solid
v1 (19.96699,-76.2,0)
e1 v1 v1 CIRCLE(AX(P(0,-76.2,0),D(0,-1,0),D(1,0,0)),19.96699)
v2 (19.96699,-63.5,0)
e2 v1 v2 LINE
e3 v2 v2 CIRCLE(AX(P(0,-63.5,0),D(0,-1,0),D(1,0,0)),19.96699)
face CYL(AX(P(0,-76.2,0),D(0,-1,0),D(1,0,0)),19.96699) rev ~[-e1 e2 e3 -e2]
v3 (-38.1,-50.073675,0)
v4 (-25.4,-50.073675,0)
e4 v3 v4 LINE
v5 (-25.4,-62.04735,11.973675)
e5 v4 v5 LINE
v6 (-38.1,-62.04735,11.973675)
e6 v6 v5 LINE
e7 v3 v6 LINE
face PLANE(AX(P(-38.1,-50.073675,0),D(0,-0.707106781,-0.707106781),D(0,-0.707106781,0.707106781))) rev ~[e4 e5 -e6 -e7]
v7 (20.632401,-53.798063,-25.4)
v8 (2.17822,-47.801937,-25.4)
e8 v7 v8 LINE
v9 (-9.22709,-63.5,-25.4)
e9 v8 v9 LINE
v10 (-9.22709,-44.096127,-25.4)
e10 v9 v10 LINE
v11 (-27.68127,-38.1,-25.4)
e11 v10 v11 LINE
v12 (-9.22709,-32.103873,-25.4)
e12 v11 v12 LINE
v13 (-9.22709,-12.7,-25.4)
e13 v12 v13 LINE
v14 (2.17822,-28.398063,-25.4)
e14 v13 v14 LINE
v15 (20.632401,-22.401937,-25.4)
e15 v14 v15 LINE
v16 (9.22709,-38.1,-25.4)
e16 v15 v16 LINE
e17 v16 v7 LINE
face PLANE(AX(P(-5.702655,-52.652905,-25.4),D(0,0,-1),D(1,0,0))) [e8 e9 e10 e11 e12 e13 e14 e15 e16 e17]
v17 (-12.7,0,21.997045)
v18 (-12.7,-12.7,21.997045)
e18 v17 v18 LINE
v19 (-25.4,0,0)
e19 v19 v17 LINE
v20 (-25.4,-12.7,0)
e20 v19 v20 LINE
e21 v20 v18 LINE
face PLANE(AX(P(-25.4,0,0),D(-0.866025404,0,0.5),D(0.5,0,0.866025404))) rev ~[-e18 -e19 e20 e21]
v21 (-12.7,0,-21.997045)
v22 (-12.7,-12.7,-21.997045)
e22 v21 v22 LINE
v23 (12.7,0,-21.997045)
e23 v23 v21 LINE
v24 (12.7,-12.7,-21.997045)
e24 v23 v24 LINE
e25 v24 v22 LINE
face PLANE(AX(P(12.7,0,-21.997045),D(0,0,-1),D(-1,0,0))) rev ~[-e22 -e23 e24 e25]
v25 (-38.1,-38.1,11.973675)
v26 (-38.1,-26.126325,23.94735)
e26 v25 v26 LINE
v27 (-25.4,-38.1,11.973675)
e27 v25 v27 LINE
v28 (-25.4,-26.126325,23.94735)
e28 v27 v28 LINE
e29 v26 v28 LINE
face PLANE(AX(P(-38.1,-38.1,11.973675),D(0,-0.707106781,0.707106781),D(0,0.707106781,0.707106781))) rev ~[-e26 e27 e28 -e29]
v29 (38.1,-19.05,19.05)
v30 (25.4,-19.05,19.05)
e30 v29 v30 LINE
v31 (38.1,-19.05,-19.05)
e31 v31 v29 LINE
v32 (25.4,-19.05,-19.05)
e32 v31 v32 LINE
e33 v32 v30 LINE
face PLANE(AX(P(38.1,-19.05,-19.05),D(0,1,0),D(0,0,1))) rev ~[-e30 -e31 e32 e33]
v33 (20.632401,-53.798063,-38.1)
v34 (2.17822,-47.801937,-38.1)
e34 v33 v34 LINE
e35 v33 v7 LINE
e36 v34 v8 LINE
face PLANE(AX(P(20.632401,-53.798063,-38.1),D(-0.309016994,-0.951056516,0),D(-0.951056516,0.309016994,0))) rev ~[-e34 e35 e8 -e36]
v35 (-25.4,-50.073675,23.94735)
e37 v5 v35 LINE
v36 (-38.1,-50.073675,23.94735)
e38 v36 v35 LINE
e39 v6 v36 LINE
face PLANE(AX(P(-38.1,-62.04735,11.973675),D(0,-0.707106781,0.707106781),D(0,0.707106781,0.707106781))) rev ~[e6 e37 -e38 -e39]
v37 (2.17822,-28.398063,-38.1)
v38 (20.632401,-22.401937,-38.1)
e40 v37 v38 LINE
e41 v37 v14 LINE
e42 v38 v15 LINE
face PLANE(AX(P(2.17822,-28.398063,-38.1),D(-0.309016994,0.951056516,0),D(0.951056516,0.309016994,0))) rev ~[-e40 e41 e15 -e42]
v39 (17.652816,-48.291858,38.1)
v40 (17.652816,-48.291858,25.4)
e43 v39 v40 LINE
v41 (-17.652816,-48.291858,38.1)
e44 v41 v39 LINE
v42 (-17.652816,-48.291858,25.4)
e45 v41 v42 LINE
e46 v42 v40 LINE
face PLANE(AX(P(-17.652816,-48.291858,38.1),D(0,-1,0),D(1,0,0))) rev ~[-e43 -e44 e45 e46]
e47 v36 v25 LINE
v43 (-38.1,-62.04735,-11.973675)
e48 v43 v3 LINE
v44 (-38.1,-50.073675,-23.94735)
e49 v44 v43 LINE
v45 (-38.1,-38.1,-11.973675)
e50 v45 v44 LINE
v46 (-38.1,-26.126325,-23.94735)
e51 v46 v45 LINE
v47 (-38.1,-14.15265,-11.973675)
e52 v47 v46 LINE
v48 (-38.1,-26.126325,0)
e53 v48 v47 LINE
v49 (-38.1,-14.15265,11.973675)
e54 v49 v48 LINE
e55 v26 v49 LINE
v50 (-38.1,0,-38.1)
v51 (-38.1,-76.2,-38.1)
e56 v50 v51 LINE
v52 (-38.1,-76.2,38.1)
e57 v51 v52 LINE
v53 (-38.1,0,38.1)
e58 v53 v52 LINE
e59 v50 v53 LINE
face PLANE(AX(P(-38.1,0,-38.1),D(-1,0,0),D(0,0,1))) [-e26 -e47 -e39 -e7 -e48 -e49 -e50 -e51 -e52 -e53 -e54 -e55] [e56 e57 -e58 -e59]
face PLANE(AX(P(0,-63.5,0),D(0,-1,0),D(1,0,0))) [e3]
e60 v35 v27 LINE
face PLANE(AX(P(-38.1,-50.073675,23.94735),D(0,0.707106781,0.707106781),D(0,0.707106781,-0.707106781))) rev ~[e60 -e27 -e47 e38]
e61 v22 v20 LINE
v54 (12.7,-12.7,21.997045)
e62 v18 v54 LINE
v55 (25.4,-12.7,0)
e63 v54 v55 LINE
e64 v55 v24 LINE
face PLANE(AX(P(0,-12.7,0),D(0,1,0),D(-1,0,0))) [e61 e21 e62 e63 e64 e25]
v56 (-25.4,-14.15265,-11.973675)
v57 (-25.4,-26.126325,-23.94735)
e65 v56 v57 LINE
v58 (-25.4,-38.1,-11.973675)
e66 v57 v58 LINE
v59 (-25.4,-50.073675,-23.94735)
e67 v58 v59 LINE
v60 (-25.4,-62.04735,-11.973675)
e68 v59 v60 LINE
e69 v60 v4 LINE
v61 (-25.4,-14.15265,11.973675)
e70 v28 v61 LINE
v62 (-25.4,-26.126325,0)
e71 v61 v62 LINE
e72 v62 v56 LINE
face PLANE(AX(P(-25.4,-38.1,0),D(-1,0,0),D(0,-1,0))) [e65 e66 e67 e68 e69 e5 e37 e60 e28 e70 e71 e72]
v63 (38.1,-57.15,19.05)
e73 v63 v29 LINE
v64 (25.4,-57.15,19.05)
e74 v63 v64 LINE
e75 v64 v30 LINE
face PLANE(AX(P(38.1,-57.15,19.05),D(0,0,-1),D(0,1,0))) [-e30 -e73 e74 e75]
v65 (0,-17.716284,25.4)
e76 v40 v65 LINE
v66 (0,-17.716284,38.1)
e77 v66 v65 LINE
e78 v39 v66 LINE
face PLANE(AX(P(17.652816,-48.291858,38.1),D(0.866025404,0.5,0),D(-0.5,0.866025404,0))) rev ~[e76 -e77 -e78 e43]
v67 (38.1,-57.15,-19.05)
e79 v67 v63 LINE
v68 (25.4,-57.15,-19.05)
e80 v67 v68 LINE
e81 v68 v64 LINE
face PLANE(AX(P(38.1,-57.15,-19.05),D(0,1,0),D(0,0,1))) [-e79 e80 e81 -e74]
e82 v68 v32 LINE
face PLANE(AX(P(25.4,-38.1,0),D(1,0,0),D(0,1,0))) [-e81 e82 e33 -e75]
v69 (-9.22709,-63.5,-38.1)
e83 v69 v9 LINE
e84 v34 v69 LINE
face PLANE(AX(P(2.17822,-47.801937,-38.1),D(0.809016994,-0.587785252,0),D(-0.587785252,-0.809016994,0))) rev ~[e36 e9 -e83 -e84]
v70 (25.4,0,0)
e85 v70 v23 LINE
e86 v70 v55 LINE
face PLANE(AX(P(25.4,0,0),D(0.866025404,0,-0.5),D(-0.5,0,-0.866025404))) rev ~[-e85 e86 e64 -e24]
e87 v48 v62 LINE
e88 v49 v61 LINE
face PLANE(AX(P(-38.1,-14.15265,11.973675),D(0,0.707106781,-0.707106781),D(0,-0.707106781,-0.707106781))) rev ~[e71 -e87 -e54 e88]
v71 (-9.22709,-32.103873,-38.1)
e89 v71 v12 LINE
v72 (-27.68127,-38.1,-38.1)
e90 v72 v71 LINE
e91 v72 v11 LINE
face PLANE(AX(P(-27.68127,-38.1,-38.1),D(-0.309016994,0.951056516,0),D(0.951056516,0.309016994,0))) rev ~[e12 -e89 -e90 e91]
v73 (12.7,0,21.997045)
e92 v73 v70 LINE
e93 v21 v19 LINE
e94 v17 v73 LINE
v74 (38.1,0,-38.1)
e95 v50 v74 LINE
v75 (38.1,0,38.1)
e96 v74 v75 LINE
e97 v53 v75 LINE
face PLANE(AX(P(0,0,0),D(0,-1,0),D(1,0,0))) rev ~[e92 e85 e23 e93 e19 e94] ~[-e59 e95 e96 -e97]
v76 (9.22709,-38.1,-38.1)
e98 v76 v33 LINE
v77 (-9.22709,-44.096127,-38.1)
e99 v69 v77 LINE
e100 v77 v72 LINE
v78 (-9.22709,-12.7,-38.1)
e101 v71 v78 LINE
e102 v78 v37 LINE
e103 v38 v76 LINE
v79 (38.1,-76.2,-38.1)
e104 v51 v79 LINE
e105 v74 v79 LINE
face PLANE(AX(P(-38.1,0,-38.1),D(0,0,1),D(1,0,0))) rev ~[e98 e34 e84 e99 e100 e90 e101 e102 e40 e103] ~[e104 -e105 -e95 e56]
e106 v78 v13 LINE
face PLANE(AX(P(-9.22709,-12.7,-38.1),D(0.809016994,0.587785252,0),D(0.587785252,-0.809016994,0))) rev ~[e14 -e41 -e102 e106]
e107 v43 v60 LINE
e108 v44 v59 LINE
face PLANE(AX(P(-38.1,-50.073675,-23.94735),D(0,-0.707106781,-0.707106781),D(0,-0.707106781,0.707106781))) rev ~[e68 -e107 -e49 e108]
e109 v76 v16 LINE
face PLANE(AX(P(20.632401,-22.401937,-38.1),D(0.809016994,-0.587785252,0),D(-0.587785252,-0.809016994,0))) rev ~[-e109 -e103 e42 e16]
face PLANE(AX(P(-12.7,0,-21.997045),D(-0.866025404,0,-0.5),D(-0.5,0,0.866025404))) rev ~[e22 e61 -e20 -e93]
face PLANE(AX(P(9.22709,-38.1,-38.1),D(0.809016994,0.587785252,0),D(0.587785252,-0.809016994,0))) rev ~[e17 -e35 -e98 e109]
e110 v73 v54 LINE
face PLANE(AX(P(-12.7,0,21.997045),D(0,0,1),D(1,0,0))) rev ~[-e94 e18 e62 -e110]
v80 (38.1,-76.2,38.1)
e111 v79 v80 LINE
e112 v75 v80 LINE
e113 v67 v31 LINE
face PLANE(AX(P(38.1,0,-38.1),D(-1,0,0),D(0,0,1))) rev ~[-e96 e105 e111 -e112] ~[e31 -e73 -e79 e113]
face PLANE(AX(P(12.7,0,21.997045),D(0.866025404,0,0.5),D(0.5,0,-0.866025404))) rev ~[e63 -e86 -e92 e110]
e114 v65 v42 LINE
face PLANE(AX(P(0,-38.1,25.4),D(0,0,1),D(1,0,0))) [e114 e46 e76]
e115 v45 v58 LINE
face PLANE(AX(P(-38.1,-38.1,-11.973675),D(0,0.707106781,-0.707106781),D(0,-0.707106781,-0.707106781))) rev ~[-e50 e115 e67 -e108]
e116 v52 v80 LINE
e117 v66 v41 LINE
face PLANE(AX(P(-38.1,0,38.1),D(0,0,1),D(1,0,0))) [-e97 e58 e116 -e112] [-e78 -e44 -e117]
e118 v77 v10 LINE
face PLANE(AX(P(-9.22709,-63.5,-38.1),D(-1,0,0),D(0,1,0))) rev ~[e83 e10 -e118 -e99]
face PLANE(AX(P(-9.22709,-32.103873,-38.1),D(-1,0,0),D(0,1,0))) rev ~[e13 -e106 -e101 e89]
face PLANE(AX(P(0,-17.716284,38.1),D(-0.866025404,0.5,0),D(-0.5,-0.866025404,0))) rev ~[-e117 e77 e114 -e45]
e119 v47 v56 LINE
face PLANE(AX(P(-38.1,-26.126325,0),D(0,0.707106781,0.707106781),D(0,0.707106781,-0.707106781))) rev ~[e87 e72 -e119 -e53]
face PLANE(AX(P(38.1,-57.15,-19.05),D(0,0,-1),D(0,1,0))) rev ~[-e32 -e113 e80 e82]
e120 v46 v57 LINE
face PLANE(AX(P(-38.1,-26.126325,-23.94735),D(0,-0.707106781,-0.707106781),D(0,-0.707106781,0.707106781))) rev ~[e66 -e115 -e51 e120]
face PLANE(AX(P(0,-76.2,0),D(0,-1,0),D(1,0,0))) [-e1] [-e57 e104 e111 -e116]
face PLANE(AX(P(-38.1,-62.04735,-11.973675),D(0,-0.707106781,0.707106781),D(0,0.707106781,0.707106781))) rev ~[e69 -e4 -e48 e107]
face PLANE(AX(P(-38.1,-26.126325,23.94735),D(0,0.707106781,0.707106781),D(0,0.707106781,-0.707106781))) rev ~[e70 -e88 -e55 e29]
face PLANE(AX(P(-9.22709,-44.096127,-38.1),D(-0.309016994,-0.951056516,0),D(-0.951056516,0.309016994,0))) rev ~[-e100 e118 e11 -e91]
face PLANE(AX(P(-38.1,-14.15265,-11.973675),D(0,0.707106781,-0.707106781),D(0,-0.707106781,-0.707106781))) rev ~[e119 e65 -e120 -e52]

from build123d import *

# Parameters (mm, degrees)
F0_W      = 76.2
F0_H      = 76.2
F1_DEPTH  = 76.2
F2_R      = 19.9669900024
F3_DEPTH  = 12.7
F5_DEPTH  = 12.7
F6_W      = 38.1
F6_H      = 38.1
F7_DEPTH  = 12.7
F9_DEPTH  = 12.7
F11_DEPTH = 12.7
F13_DEPTH = 12.7


with BuildPart() as f1:
    # F0 (on Front) → F1 (new body)
    with BuildSketch(Plane.XZ):
        Rectangle(F0_W, F0_H)
    extrude(amount=F1_DEPTH)

    # F2 (on face) → F3 (cut)
    with BuildSketch(Plane.XZ.offset(76.2)):
        Circle(F2_R)
    extrude(amount=-F3_DEPTH, mode=Mode.SUBTRACT)

    # F4 (on face) → F5 (cut)
    with BuildSketch(Plane.XY.offset(38.1)):
        Polygon((17.6528156414, -48.2918578625), (0, -17.716284275), (-17.6528156414, -48.2918578625), align=None)
    extrude(amount=-F5_DEPTH, mode=Mode.SUBTRACT)

    # F6 (on face) → F7 (cut)
    with BuildSketch(Plane.YZ.offset(38.1)):
        with Locations((-38.1, 0)):
            Rectangle(F6_W, F6_H)
    extrude(amount=-F7_DEPTH, mode=Mode.SUBTRACT)

    # F8 (on face) → F9 (cut)
    with BuildSketch(Plane(origin=(-38.1, 0, 0), x_dir=(0, -1, 0), z_dir=(-1, 0, 0))):
        Polygon((38.1, -11.9736748281), (50.0736748281, -23.9473496562), (62.0473496562, -11.9736748281), (50.0736748281, 0), (62.0473496562, 11.9736748281), (50.0736748281, 23.9473496562), (38.1, 11.9736748281), (26.1263251719, 23.9473496562), (14.1526503438, 11.9736748281), (26.1263251719, 0), (14.1526503438, -11.9736748281), (26.1263251719, -23.9473496562), align=None)
    extrude(amount=-F9_DEPTH, mode=Mode.SUBTRACT)

    # F10 (on face) → F11 (cut)
    with BuildSketch(Plane(origin=(0, 0, 0), x_dir=(-1, 0, 0), z_dir=(0, 1, 0))):
        Polygon((-12.7, 21.9970452561), (-25.4, 0), (-12.7, -21.9970452561), (12.7, -21.9970452561), (25.4, 0), (12.7, 21.9970452561), align=None)
    extrude(amount=-F11_DEPTH, mode=Mode.SUBTRACT)

    # F12 (on face) → F13 (cut)
    with BuildSketch(Plane(origin=(0, 0, -38.1), x_dir=(1, 0, 0), z_dir=(0, 0, -1))):
        Polygon((-9.2270901057, 44.0961266285), (2.1782204995, 47.8019366858), (-9.2270901057, 63.5), align=None)
        Polygon((-9.2270901057, 32.1038733715), (-9.2270901057, 44.0961266285), (-27.681270317, 38.1), align=None)
        Polygon((9.2270901057, 38.1), (2.1782204995, 47.8019366858), (-9.2270901057, 44.0961266285), (-9.2270901057, 32.1038733715), (2.1782204995, 28.3980633142), align=None)
        Polygon((-9.2270901057, 12.7), (2.1782204995, 28.3980633142), (-9.2270901057, 32.1038733715), align=None)
        Polygon((20.6324007108, 22.4019366858), (9.2270901057, 38.1), (2.1782204995, 28.3980633142), align=None)
        Polygon((9.2270901057, 38.1), (20.6324007108, 53.7980633142), (2.1782204995, 47.8019366858), align=None)
    extrude(amount=-F13_DEPTH, mode=Mode.SUBTRACT)


solid = f1.part
